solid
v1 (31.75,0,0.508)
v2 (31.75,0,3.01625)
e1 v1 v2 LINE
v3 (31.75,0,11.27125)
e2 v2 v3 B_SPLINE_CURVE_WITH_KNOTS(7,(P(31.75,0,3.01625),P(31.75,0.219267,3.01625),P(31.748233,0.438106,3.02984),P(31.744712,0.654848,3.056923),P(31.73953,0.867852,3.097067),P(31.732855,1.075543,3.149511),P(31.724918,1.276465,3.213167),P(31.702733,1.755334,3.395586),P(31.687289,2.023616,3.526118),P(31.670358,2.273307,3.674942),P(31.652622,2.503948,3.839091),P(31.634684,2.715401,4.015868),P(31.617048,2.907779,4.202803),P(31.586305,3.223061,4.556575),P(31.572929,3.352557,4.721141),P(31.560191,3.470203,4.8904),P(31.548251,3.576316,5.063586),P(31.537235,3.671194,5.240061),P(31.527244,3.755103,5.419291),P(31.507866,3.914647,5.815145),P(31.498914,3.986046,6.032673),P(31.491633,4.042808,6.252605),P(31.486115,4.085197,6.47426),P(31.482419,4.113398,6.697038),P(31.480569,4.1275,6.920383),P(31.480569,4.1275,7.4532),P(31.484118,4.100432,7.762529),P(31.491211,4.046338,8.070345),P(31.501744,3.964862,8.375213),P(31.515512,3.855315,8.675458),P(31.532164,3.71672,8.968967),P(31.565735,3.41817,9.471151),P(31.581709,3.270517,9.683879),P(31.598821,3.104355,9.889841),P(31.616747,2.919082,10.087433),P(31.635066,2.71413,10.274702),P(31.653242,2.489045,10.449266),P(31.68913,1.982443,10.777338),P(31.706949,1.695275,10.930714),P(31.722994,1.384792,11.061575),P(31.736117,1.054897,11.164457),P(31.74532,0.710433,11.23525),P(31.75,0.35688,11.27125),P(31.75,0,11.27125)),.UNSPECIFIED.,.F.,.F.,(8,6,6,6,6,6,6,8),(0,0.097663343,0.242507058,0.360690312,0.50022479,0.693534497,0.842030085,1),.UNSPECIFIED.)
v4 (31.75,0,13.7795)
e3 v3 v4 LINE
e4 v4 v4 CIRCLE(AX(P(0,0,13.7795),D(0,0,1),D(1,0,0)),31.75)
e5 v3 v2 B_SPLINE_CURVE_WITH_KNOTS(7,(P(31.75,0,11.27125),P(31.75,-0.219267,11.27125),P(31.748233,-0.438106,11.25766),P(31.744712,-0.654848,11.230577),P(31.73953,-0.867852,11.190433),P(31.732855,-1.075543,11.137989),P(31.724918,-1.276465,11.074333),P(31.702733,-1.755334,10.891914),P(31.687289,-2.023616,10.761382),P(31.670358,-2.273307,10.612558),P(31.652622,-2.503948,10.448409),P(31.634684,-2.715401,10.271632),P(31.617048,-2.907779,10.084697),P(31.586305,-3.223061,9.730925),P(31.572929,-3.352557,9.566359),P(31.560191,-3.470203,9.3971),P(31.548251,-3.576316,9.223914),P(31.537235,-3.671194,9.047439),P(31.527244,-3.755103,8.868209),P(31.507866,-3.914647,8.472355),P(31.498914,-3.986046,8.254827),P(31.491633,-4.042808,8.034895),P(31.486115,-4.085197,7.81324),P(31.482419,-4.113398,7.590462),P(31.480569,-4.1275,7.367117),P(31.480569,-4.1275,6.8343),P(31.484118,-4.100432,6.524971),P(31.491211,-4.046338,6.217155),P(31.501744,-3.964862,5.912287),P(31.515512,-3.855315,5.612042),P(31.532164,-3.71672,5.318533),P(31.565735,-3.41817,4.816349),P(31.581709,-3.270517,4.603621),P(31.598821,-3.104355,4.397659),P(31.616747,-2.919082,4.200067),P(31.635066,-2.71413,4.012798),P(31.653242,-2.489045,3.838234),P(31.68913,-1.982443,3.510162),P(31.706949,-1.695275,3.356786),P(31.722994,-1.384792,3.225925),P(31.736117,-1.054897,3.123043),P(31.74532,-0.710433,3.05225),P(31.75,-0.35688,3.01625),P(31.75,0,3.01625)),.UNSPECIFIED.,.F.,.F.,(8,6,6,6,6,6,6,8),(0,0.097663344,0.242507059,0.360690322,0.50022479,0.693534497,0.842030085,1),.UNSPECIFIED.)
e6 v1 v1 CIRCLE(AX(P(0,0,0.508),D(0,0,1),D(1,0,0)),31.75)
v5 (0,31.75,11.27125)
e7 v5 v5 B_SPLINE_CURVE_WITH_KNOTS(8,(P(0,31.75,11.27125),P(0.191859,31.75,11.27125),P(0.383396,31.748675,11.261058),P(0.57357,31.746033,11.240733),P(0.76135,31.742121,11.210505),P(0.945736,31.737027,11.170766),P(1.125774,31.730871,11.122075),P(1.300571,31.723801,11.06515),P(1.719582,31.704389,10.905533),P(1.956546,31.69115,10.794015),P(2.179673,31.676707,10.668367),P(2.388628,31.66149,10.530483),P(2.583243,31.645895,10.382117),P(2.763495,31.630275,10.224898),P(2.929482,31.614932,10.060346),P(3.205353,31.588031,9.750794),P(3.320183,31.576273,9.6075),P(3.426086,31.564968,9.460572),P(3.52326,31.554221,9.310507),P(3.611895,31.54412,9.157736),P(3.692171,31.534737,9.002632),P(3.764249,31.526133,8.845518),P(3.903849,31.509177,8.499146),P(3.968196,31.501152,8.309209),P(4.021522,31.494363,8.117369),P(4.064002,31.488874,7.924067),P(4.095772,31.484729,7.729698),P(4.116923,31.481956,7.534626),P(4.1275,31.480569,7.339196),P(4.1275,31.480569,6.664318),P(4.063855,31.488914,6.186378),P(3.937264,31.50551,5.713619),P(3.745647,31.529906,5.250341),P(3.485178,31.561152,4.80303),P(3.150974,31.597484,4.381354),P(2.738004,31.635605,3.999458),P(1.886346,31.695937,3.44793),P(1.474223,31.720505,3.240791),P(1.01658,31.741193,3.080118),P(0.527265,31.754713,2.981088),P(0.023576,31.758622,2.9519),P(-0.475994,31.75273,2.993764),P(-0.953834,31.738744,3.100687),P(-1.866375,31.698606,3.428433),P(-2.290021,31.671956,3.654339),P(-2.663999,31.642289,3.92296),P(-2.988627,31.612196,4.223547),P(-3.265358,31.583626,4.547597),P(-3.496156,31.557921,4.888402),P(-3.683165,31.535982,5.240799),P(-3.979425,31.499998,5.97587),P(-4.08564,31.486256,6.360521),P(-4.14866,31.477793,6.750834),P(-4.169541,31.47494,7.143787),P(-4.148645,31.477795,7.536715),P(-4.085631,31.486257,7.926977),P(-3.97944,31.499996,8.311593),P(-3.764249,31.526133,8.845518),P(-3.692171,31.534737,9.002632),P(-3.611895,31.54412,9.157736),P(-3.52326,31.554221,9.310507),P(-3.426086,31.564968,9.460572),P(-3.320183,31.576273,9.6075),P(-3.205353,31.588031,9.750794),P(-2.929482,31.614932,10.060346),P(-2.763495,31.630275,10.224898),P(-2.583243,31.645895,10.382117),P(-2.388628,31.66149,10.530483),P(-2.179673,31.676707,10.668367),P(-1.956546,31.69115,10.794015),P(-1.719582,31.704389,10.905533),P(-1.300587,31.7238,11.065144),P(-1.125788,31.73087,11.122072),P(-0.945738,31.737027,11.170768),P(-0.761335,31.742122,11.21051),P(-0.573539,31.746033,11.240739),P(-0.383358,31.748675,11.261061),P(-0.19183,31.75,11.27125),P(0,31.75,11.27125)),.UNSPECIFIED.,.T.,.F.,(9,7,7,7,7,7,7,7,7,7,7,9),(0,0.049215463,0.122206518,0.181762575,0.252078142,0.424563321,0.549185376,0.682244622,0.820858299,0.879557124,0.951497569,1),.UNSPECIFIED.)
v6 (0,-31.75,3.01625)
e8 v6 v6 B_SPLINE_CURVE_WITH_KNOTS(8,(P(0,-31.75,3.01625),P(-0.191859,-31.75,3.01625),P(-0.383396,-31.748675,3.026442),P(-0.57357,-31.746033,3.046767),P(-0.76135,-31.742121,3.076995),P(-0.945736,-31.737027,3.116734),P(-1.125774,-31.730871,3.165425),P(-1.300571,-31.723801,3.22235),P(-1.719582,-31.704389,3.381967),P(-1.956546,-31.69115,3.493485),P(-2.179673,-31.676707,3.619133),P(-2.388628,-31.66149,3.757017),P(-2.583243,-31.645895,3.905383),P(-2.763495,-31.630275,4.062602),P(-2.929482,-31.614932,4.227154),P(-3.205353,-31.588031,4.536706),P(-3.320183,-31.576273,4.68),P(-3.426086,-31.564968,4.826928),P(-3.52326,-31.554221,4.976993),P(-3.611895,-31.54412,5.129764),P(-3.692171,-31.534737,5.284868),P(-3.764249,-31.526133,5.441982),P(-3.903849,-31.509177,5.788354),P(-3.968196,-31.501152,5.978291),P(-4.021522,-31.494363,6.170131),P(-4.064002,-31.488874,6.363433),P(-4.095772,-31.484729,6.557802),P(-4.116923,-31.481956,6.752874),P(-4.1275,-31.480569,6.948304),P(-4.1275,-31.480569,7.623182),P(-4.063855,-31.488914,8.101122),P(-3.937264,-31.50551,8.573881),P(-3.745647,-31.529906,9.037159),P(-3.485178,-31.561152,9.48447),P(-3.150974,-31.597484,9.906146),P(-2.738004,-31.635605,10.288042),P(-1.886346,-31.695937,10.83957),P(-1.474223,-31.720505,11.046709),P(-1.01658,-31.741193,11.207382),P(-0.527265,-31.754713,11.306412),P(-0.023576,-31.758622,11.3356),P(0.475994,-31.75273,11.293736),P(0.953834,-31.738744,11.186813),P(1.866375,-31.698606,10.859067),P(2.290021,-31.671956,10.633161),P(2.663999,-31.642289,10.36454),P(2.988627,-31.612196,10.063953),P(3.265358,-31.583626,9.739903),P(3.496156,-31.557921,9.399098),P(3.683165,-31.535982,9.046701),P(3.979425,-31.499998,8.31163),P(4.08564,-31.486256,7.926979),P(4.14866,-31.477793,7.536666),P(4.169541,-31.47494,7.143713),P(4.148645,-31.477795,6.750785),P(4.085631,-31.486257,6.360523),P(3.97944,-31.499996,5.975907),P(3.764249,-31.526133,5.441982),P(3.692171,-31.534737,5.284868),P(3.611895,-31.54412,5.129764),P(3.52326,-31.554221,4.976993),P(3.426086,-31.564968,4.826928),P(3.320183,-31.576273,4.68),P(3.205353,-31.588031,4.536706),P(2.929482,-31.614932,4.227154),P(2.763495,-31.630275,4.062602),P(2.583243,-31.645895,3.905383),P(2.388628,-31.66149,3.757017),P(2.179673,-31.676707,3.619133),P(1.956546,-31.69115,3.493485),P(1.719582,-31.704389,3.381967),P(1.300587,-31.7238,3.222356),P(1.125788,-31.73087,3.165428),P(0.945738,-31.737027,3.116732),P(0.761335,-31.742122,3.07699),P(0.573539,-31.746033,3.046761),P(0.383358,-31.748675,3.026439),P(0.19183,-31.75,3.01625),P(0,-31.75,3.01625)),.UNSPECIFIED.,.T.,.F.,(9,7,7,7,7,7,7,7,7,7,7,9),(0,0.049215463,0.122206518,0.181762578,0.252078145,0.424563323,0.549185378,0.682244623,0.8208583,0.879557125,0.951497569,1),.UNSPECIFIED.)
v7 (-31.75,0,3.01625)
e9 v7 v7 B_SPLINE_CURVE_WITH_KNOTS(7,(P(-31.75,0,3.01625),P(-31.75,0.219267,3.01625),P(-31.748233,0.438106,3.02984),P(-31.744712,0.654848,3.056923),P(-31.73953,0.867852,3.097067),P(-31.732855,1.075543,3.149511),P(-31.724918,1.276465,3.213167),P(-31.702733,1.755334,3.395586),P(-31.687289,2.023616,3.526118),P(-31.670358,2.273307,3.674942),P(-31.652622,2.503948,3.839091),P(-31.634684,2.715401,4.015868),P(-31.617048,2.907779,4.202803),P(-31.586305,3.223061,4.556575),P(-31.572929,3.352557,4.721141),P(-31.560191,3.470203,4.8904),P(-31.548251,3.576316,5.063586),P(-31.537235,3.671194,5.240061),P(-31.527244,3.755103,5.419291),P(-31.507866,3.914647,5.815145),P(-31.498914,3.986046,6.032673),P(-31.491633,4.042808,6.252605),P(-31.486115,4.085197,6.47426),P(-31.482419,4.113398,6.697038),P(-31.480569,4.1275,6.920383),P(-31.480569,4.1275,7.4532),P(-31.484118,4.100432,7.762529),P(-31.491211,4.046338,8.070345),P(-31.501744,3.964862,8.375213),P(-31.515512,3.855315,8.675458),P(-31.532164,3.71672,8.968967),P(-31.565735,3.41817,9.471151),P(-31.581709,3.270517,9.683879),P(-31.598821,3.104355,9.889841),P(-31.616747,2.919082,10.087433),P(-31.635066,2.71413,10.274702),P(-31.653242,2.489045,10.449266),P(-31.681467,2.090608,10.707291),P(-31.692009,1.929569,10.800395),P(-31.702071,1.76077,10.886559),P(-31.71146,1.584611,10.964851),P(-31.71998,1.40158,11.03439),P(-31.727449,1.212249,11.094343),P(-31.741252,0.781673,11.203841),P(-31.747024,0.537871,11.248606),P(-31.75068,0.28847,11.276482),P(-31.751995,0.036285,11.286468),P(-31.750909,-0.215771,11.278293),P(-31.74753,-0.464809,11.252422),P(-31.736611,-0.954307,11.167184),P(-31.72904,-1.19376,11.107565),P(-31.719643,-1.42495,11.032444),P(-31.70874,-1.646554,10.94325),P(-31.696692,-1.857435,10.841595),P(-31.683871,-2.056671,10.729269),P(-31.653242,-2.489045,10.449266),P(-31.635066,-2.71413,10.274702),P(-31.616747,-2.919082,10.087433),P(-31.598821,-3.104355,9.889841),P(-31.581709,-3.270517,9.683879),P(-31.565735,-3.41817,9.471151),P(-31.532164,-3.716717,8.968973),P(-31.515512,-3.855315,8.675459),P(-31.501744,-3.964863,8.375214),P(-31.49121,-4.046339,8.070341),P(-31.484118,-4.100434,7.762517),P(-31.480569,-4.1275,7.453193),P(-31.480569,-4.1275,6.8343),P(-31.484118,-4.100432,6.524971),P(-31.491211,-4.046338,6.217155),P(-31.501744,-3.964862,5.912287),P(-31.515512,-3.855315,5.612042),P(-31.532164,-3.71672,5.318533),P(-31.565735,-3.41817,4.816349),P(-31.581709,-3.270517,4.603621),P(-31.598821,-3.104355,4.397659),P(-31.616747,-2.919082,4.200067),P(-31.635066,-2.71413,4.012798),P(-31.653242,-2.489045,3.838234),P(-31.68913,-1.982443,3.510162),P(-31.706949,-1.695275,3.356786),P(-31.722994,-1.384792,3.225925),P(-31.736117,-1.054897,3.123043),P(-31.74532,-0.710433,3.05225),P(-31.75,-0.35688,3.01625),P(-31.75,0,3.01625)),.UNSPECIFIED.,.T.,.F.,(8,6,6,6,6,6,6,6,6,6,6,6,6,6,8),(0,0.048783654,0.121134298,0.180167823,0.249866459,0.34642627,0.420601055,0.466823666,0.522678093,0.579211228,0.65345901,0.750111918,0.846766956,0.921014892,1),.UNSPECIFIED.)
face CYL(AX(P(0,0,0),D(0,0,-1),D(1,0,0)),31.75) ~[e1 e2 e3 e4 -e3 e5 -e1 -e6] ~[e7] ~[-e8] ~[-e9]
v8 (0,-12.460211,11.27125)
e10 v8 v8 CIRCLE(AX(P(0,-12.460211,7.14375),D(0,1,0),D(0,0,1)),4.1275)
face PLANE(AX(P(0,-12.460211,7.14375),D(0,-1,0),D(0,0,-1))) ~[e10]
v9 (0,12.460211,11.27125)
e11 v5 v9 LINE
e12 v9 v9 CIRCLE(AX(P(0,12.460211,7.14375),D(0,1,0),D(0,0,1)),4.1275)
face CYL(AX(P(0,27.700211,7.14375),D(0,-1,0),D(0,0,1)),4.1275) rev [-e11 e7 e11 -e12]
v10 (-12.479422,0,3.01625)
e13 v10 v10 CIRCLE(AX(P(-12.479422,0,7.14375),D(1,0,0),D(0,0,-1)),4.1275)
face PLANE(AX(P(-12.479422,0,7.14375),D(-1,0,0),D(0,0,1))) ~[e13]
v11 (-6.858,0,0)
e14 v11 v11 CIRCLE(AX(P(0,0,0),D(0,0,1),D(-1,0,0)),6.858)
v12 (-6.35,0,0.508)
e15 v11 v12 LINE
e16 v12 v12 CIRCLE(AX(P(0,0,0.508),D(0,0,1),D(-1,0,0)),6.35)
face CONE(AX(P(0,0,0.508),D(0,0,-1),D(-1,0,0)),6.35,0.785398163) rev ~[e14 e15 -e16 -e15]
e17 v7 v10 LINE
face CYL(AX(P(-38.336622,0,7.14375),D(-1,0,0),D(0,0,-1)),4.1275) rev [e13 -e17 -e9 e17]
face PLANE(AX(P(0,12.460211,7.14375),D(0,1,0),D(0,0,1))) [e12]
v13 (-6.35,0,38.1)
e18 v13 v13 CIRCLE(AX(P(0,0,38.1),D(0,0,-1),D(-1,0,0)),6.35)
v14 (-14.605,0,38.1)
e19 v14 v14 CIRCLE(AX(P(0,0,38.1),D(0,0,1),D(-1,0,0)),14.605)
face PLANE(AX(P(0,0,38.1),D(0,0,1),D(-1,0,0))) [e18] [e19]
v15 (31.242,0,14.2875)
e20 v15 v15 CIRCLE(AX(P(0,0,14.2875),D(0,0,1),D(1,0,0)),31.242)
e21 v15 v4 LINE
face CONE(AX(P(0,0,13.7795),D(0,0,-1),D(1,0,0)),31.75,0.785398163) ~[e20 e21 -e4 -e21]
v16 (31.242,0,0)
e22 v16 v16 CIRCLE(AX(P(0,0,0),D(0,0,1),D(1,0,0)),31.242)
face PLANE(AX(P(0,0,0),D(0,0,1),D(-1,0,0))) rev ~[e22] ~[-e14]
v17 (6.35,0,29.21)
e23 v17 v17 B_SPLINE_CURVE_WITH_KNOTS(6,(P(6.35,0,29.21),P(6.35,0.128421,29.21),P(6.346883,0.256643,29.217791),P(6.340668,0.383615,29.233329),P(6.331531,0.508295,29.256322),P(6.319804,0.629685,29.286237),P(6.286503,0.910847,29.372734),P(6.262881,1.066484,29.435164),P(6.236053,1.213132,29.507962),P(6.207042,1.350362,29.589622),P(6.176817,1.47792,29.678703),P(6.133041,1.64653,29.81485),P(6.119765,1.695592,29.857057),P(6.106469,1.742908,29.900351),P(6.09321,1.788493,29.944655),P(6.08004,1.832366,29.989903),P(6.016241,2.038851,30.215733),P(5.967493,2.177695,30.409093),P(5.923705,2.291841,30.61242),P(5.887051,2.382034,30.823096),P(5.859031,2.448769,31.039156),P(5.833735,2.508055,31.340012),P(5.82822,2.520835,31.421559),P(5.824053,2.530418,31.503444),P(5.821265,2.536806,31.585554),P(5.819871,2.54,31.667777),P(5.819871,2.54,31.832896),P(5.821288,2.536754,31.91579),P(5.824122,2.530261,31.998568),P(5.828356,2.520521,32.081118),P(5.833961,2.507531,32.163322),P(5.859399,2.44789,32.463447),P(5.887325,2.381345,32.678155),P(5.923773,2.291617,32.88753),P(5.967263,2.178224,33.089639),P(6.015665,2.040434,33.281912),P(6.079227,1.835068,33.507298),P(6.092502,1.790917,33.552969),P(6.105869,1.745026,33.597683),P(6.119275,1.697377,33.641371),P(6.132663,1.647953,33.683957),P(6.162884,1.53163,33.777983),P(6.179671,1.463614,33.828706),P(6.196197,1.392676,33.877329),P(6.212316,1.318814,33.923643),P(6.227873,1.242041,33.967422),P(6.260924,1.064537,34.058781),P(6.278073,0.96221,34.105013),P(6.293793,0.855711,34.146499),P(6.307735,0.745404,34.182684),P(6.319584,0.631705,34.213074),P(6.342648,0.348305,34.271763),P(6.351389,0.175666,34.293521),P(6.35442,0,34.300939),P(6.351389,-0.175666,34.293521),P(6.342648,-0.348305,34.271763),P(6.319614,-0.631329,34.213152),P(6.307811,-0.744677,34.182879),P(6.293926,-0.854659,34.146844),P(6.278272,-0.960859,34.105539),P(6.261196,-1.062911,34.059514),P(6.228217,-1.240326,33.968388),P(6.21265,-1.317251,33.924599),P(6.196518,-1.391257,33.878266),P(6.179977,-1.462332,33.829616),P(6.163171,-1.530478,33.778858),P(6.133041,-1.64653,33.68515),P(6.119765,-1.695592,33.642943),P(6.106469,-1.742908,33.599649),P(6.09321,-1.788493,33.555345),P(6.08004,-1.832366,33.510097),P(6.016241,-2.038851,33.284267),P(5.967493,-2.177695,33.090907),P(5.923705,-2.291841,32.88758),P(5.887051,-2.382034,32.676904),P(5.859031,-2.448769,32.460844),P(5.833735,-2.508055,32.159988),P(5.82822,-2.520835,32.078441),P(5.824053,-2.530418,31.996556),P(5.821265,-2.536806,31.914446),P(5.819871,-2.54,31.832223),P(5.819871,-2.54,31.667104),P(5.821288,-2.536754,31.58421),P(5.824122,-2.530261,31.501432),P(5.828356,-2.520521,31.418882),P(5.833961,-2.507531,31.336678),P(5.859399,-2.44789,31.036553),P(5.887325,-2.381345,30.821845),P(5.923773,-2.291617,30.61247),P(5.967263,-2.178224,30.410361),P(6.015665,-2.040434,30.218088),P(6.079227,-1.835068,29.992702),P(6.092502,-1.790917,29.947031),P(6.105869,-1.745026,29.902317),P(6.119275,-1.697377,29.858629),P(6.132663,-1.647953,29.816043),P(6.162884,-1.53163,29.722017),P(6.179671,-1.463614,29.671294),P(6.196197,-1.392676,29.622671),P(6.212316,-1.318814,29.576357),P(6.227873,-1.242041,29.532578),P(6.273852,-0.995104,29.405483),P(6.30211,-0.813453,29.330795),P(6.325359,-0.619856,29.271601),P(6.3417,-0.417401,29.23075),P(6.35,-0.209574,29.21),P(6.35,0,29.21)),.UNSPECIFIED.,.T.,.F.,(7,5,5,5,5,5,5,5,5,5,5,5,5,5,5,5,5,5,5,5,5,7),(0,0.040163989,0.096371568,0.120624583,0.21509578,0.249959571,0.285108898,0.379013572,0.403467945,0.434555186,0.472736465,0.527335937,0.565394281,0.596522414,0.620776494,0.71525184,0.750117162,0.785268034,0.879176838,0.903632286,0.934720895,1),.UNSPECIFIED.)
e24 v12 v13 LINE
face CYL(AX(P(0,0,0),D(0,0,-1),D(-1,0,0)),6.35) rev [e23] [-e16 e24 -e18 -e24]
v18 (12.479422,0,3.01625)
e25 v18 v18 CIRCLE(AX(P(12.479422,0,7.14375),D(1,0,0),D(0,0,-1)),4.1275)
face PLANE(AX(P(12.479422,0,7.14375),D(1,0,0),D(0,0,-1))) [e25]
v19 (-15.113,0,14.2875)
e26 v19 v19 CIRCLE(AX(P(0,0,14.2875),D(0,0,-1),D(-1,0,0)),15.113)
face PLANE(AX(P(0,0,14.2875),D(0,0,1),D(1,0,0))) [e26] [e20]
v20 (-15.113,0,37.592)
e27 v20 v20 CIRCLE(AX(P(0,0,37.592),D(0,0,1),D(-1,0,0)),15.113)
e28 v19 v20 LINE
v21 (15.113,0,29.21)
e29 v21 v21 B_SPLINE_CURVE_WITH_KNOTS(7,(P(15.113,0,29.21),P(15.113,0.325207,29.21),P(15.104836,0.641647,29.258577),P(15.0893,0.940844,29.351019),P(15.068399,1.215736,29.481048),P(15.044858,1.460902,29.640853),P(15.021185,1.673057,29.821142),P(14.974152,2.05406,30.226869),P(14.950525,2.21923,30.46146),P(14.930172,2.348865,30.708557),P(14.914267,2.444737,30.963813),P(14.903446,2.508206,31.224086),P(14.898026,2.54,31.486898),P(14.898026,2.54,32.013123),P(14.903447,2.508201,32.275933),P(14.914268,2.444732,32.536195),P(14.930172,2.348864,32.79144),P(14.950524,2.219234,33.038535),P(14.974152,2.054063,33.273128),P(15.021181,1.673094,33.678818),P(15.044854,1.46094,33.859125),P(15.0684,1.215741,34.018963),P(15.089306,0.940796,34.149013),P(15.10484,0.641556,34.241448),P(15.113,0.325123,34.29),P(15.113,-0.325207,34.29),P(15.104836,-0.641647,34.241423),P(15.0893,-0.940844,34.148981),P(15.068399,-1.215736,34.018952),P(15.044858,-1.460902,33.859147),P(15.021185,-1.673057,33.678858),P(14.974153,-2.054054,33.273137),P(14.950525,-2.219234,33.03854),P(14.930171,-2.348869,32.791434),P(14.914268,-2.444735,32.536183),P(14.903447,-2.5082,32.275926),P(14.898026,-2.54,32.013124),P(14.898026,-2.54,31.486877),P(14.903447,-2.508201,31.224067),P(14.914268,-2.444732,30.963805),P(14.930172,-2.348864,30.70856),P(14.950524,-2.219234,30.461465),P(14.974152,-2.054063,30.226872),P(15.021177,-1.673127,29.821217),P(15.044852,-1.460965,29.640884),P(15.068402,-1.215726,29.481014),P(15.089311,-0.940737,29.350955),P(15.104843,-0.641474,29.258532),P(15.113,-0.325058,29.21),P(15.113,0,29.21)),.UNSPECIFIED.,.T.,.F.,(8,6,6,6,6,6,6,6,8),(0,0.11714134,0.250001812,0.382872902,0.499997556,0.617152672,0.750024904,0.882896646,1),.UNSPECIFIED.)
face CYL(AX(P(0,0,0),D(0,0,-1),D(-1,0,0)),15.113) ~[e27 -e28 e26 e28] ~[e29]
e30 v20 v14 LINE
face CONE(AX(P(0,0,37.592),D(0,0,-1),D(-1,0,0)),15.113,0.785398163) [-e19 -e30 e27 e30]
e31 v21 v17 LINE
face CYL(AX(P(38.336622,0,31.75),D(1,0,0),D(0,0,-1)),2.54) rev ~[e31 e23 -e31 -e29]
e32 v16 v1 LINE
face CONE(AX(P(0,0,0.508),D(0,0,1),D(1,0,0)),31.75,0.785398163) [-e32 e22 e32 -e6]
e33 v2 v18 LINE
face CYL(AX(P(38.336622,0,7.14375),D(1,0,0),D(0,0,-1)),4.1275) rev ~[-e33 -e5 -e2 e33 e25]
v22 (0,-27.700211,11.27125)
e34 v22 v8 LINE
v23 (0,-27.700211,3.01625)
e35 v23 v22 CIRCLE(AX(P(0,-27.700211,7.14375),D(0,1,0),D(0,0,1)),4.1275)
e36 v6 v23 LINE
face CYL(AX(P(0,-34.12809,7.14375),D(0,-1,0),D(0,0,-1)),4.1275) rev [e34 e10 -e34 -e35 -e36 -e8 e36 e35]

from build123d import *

# Parameters (mm, degrees)
SKETCH1_R           = 31.75
BASE_EXTRUDE_DEPTH  = 14.2875
SKETCH2_R           = 15.113
BOSS_EXTRUDE1_DEPTH = 38.1
SKETCH3_R           = 6.35
CUT_EXTRUDE1_DEPTH  = 77.724
SKETCH5_R           = 2.54
CUT_EXTRUDE3_DEPTH  = 37.846
SKETCH6_R           = 4.1275
CUT_EXTRUDE4_DEPTH  = 25.8572
SKETCH7_R           = 4.1275
CUT_EXTRUDE5_DEPTH  = 15.24
SKETCH8_R           = 4.1275
CUT_EXTRUDE6_DEPTH  = 26.51
SKETCH9_R           = 4.1275
CUT_EXTRUDE7_DEPTH  = 10.508
CHAMFER1_SIZE       = 0.508


with BuildPart() as part:
    # Sketch1 → Base-Extrude (new body)
    with BuildSketch(Plane.XY):
        Circle(SKETCH1_R)
    extrude(amount=BASE_EXTRUDE_DEPTH)

    # Sketch2 → Boss-Extrude1 (add)
    with BuildSketch(Plane.XY):
        with Locations(Location((0, 0, 0), (0, 0, 180))):
            Circle(SKETCH2_R)
    extrude(amount=BOSS_EXTRUDE1_DEPTH)

    # Sketch3 → Cut-Extrude1 (cut)
    with BuildSketch(Plane.XY):
        with Locations(Location((0, 0, 0), (0, 0, 180))):
            Circle(SKETCH3_R)
    extrude(amount=CUT_EXTRUDE1_DEPTH, mode=Mode.SUBTRACT)

    # Sketch5 → Cut-Extrude3 (cut)
    with BuildSketch(Plane(origin=(38.336621827, 0, 0), x_dir=(0, 0, -1), z_dir=(1, 0, 0))):
        with Locations((-31.75, 0)):
            Circle(SKETCH5_R)
    extrude(amount=-CUT_EXTRUDE3_DEPTH, mode=Mode.SUBTRACT)

    # Sketch6 → Cut-Extrude4 (cut)
    with BuildSketch(Plane(origin=(38.336621827, 0, 0), x_dir=(0, 0, -1), z_dir=(1, 0, 0))):
        with Locations((-7.14375, 0)):
            Circle(SKETCH6_R)
    cut_extrude4 = extrude(amount=-CUT_EXTRUDE4_DEPTH, mode=Mode.SUBTRACT)

    # Sketch7 → Cut-Extrude5 (cut)
    with BuildSketch(Plane(origin=(0, 27.700210809, 0), x_dir=(-1, 0, 0), z_dir=(0, 1, 0))):
        with Locations(Location((0, 7.14375, 0), (0, 0, 90))):
            Circle(SKETCH7_R)
    cut_extrude5 = extrude(amount=-CUT_EXTRUDE5_DEPTH, mode=Mode.SUBTRACT)

    # Mirror1: Cut-Extrude4 across plane
    add(cut_extrude4.mirror(Plane(origin=(0, 0, 0), x_dir=(0, 0, 1), z_dir=(1, 0, 0))), mode=Mode.SUBTRACT)

    # Mirror2: Cut-Extrude5 across plane
    add(cut_extrude5.mirror(Plane.ZX), mode=Mode.SUBTRACT)

    # Sketch8 → Cut-Extrude6 (cut)
    with BuildSketch(Plane(origin=(0, 27.700210809, 0), x_dir=(-1, 0, 0), z_dir=(0, 1, 0))):
        with Locations(Location((0, 7.14375, 0), (0, 0, 90))):
            Circle(SKETCH8_R)
    extrude(amount=CUT_EXTRUDE6_DEPTH, mode=Mode.SUBTRACT)

    # Sketch9 → Cut-Extrude7 (cut)
    with BuildSketch(Plane(origin=(0, -34.128089617, 0), x_dir=(-1, 0, 0), z_dir=(0, 1, 0))):
        with Locations(Location((0, 7.14375, 0), (0, 0, 270))):
            Circle(SKETCH9_R)
    extrude(amount=CUT_EXTRUDE7_DEPTH, mode=Mode.SUBTRACT)

    # Chamfer1
    chamfer1_edges = [part.edges().sort_by_distance(p)[0] for p in [
        (6.35, 0, 0),
        (-31.75, 0, 0),
        (-31.75, 0, 14.2875),
        (15.113, 0, 38.1),
    ]]
    chamfer(chamfer1_edges, length=CHAMFER1_SIZE)


solid = part.part
